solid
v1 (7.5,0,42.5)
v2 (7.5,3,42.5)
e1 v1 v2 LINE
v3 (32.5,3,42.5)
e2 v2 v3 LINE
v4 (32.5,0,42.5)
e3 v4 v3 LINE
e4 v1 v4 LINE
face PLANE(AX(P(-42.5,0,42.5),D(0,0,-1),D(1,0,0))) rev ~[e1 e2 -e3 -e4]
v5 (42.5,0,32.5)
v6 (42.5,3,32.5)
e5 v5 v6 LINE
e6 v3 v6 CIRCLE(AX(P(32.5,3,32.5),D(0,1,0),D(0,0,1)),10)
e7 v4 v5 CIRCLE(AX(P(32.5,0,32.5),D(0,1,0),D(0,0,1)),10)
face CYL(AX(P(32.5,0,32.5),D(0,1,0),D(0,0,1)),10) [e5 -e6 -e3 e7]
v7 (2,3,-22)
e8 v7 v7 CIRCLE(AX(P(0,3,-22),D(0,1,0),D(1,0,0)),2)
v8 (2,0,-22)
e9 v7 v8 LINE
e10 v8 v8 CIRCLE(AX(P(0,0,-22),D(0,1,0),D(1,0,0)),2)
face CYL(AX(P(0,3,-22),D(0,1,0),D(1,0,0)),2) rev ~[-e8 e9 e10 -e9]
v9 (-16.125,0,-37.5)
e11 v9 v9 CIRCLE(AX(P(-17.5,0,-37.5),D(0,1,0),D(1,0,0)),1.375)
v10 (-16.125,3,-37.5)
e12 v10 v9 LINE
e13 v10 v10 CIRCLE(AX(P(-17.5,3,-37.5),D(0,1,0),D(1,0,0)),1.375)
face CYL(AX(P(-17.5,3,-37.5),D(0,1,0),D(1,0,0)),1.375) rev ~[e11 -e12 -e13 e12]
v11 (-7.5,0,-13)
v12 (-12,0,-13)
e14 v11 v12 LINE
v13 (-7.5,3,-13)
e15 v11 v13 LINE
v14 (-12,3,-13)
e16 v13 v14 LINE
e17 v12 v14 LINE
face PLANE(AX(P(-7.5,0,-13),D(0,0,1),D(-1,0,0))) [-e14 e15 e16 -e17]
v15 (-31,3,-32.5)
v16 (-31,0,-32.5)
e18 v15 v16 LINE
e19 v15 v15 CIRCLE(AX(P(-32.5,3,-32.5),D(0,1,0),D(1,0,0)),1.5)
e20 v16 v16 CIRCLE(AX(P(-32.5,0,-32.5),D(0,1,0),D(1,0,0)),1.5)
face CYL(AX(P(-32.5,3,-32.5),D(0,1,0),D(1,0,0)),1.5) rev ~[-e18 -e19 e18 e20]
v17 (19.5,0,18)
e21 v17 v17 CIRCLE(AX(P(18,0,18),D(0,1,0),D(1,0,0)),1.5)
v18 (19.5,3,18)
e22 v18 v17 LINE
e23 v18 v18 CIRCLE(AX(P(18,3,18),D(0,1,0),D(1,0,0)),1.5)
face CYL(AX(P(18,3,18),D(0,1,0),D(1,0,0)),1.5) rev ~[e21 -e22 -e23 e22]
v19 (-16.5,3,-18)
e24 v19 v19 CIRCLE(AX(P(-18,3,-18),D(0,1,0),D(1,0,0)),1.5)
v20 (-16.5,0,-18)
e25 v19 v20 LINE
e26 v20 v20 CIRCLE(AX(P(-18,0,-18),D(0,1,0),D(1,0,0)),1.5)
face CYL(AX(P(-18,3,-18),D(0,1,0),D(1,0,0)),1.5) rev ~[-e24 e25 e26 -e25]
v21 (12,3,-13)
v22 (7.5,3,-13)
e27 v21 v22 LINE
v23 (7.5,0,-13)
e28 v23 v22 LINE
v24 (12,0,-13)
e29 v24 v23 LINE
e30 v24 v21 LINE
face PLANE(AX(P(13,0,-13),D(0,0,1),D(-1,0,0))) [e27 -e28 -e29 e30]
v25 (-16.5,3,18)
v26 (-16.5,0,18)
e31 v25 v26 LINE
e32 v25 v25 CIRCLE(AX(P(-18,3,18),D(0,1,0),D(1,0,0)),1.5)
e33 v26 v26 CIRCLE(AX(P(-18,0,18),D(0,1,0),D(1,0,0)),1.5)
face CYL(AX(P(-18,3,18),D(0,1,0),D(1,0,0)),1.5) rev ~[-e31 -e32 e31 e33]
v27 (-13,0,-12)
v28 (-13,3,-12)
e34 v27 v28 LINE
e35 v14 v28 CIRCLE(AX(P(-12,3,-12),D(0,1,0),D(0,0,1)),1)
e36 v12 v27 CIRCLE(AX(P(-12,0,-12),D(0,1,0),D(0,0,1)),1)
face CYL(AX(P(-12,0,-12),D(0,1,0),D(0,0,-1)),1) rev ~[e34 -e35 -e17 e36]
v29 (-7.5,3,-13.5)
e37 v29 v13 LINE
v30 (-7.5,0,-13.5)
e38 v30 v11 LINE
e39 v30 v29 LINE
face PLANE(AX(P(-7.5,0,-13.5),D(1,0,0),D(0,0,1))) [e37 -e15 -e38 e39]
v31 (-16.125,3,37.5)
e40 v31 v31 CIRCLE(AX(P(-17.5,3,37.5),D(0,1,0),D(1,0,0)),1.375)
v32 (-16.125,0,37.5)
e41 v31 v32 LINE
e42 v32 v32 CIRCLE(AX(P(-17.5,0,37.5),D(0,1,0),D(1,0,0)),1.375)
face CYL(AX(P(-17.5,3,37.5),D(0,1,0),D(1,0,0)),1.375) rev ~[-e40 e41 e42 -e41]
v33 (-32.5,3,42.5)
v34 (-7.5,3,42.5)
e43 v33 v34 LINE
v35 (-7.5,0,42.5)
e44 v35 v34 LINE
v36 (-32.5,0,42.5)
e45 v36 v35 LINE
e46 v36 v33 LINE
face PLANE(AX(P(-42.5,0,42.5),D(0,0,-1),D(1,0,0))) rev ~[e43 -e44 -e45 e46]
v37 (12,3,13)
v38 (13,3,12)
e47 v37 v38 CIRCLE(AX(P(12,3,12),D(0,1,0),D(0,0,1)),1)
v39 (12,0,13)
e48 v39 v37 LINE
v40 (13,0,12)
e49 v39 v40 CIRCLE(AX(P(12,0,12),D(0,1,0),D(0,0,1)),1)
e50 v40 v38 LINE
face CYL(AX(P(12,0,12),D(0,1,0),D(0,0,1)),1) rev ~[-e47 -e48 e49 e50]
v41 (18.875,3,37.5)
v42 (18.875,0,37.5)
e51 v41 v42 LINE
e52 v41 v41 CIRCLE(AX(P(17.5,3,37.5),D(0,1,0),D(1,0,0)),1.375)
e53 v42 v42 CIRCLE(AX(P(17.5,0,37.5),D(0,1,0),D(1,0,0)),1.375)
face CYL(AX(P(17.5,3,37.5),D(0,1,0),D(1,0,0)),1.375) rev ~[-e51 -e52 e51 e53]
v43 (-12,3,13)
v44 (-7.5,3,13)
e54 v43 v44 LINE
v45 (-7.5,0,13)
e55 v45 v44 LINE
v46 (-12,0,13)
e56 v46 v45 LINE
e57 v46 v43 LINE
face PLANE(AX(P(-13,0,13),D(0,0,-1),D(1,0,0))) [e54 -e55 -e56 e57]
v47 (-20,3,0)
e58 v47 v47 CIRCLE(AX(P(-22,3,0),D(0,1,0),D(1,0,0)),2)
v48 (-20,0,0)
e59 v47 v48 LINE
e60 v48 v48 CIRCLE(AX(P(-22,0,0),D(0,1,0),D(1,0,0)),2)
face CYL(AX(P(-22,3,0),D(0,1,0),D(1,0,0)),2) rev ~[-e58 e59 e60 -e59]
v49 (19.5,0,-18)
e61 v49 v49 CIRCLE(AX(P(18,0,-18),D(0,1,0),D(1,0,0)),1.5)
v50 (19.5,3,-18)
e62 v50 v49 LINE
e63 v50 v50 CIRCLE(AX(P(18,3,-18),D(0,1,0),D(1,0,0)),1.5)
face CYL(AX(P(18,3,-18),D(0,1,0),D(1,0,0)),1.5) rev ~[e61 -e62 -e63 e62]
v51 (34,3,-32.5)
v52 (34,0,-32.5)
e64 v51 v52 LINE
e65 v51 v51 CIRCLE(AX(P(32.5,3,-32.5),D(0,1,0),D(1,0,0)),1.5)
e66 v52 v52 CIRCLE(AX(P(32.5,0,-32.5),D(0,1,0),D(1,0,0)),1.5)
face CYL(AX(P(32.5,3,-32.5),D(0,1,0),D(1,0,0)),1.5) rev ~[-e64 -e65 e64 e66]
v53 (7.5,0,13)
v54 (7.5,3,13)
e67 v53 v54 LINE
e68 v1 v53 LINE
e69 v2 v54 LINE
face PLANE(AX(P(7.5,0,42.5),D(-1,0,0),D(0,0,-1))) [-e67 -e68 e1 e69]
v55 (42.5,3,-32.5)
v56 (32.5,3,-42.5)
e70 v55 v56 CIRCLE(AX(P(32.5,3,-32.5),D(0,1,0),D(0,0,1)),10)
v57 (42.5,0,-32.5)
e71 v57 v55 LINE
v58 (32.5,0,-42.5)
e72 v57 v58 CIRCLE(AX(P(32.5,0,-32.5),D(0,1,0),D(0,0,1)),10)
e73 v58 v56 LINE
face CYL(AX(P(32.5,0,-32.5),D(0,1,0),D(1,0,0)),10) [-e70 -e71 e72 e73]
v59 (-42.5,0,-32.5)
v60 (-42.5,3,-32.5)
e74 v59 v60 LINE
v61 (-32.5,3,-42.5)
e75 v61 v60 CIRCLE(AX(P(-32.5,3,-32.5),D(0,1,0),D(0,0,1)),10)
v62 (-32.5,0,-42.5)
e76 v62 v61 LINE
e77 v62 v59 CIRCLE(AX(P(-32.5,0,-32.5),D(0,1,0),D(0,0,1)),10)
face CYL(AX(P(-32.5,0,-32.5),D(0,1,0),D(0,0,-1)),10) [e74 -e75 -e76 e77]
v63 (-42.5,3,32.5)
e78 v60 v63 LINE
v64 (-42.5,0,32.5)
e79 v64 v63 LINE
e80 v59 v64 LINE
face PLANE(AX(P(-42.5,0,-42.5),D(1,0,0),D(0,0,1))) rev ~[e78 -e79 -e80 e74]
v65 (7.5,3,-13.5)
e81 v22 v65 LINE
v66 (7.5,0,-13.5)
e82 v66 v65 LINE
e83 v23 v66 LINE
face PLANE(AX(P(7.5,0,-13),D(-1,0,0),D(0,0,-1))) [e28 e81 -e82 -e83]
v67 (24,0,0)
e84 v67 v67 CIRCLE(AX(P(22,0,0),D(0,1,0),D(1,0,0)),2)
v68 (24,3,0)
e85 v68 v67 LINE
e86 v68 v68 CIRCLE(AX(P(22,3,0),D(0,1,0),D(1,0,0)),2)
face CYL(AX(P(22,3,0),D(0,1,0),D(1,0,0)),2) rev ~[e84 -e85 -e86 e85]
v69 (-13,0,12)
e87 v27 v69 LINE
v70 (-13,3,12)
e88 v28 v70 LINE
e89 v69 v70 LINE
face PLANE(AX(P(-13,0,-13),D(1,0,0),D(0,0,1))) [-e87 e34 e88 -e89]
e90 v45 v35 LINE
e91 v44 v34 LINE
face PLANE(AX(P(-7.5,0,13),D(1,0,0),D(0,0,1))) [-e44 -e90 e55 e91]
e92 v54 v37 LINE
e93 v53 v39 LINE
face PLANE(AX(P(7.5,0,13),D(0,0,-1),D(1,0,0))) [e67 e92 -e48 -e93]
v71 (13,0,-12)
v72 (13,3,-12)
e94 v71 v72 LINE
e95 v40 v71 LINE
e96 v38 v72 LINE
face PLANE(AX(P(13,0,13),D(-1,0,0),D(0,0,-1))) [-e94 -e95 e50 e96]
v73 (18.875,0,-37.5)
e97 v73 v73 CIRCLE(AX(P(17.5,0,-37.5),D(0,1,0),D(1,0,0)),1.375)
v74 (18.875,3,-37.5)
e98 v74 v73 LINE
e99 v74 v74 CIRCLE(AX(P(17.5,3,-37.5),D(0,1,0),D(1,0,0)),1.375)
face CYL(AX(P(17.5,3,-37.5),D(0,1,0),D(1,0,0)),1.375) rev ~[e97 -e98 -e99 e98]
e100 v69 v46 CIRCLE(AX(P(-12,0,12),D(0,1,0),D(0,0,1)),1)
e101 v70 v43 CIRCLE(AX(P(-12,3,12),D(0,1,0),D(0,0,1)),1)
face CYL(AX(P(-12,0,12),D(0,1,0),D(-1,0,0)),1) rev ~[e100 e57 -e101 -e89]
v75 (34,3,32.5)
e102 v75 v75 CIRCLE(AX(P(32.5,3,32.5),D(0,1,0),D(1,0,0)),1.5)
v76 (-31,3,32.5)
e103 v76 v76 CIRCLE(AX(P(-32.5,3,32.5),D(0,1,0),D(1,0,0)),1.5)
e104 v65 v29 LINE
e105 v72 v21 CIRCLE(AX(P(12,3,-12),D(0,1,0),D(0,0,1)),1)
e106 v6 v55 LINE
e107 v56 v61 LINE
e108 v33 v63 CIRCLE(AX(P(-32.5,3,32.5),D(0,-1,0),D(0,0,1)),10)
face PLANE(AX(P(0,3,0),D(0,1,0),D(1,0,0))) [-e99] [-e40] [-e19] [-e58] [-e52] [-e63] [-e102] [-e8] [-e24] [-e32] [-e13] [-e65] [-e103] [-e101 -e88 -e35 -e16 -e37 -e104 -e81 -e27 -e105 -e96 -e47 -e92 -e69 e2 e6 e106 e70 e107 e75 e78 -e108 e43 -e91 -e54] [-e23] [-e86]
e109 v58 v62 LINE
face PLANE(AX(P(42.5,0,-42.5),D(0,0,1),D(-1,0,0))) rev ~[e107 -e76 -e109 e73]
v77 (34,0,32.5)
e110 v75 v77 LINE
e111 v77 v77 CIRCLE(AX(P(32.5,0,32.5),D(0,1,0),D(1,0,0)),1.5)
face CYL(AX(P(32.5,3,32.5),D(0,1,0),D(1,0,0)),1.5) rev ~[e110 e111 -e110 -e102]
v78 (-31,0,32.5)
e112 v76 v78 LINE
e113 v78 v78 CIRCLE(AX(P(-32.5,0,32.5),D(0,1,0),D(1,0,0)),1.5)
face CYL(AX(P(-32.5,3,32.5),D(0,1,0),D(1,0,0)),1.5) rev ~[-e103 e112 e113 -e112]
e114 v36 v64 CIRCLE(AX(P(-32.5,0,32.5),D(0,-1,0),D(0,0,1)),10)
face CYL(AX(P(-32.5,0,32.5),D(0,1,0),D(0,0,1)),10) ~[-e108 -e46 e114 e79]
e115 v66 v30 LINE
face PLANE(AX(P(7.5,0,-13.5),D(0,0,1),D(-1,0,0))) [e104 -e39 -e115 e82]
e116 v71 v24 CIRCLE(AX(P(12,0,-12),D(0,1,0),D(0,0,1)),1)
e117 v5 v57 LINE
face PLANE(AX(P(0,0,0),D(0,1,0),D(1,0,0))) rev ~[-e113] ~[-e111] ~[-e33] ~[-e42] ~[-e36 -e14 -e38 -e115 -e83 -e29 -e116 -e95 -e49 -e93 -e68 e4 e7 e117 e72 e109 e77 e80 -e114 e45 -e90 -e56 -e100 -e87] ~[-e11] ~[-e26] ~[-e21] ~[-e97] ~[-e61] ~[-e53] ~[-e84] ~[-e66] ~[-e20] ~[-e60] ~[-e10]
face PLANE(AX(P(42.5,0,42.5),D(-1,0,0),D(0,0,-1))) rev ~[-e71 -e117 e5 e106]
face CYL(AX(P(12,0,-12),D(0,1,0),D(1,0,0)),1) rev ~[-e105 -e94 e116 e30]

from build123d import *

# Parameters (mm, degrees)
BOSS_EXTRUDE1_DEPTH = 3
FILLET1_R           = 10
CUT_EXTRUDE1_REACH  = 5
SKETCH2_R           = 1.5
SKETCH2_R_2         = 1.375
SKETCH2_R_3         = 2
CUT_EXTRUDE2_REACH  = 5
FILLET2_R           = 1


with BuildPart() as part:
    # Sketch1 → Boss-Extrude1 (new body)
    with BuildSketch(Plane(origin=(0, 0, 0), x_dir=(1, 0, 0), z_dir=(0, 1, 0))):
        Polygon((-42.5, -42.5), (42.5, -42.5), (42.5, -25), (42.5, 25), (42.5, 42.5), (-42.5, 42.5), align=None)
    extrude(amount=BOSS_EXTRUDE1_DEPTH)

    # Fillet1
    fillet1_edges = [part.edges().sort_by_distance(p)[0] for p in [
        (42.5, 1.5, 42.5),
        (-42.5, 1.5, 42.5),
        (-42.5, 1.5, -42.5),
        (42.5, 1.5, -42.5),
    ]]
    fillet(fillet1_edges, radius=FILLET1_R)

    # Sketch2 → Cut-Extrude1 (cut, up to next)
    with BuildSketch(Plane(origin=(0, 3, 0), x_dir=(1, 0, 0), z_dir=(0, 1, 0)), mode=Mode.PRIVATE) as cut_extrude1_sk1:
        with Locations((-32.5, 32.5)):
            Circle(SKETCH2_R)
    cut_extrude1_tool1 = extrude(cut_extrude1_sk1.sketch, amount=-CUT_EXTRUDE1_REACH, mode=Mode.PRIVATE) & part.part
    add(cut_extrude1_tool1.solids().sort_by_distance((-32.5, 3, -32.5))[0], mode=Mode.SUBTRACT)
    # Sketch2 → Cut-Extrude1 (cut, up to next)
    with BuildSketch(Plane(origin=(0, 3, 0), x_dir=(1, 0, 0), z_dir=(0, 1, 0)), mode=Mode.PRIVATE) as cut_extrude1_sk2:
        with Locations((32.5, 32.5)):
            Circle(SKETCH2_R)
    cut_extrude1_tool2 = extrude(cut_extrude1_sk2.sketch, amount=-CUT_EXTRUDE1_REACH, mode=Mode.PRIVATE) & part.part
    add(cut_extrude1_tool2.solids().sort_by_distance((32.5, 3, -32.5))[0], mode=Mode.SUBTRACT)
    # Sketch2 → Cut-Extrude1 (cut, up to next)
    with BuildSketch(Plane(origin=(0, 3, 0), x_dir=(1, 0, 0), z_dir=(0, 1, 0)), mode=Mode.PRIVATE) as cut_extrude1_sk3:
        with Locations((32.5, -32.5)):
            Circle(SKETCH2_R)
    cut_extrude1_tool3 = extrude(cut_extrude1_sk3.sketch, amount=-CUT_EXTRUDE1_REACH, mode=Mode.PRIVATE) & part.part
    add(cut_extrude1_tool3.solids().sort_by_distance((32.5, 3, 32.5))[0], mode=Mode.SUBTRACT)
    # Sketch2 → Cut-Extrude1 (cut, up to next)
    with BuildSketch(Plane(origin=(0, 3, 0), x_dir=(1, 0, 0), z_dir=(0, 1, 0)), mode=Mode.PRIVATE) as cut_extrude1_sk4:
        with Locations((-32.5, -32.5)):
            Circle(SKETCH2_R)
    cut_extrude1_tool4 = extrude(cut_extrude1_sk4.sketch, amount=-CUT_EXTRUDE1_REACH, mode=Mode.PRIVATE) & part.part
    add(cut_extrude1_tool4.solids().sort_by_distance((-32.5, 3, 32.5))[0], mode=Mode.SUBTRACT)
    # Sketch2 → Cut-Extrude1 (cut, up to next)
    with BuildSketch(Plane(origin=(0, 3, 0), x_dir=(1, 0, 0), z_dir=(0, 1, 0)), mode=Mode.PRIVATE) as cut_extrude1_sk5:
        with Locations((-17.5, -37.5)):
            Circle(SKETCH2_R_2)
    cut_extrude1_tool5 = extrude(cut_extrude1_sk5.sketch, amount=-CUT_EXTRUDE1_REACH, mode=Mode.PRIVATE) & part.part
    add(cut_extrude1_tool5.solids().sort_by_distance((-17.5, 3, 37.5))[0], mode=Mode.SUBTRACT)
    # Sketch2 → Cut-Extrude1 (cut, up to next)
    with BuildSketch(Plane(origin=(0, 3, 0), x_dir=(1, 0, 0), z_dir=(0, 1, 0)), mode=Mode.PRIVATE) as cut_extrude1_sk6:
        with Locations((17.5, -37.5)):
            Circle(SKETCH2_R_2)
    cut_extrude1_tool6 = extrude(cut_extrude1_sk6.sketch, amount=-CUT_EXTRUDE1_REACH, mode=Mode.PRIVATE) & part.part
    add(cut_extrude1_tool6.solids().sort_by_distance((17.5, 3, 37.5))[0], mode=Mode.SUBTRACT)
    # Sketch2 → Cut-Extrude1 (cut, up to next)
    with BuildSketch(Plane(origin=(0, 3, 0), x_dir=(1, 0, 0), z_dir=(0, 1, 0)), mode=Mode.PRIVATE) as cut_extrude1_sk7:
        with Locations((-18, 18)):
            Circle(SKETCH2_R)
    cut_extrude1_tool7 = extrude(cut_extrude1_sk7.sketch, amount=-CUT_EXTRUDE1_REACH, mode=Mode.PRIVATE) & part.part
    add(cut_extrude1_tool7.solids().sort_by_distance((-18, 3, -18))[0], mode=Mode.SUBTRACT)
    # Sketch2 → Cut-Extrude1 (cut, up to next)
    with BuildSketch(Plane(origin=(0, 3, 0), x_dir=(1, 0, 0), z_dir=(0, 1, 0)), mode=Mode.PRIVATE) as cut_extrude1_sk8:
        with Locations((-17.5, 37.5)):
            Circle(SKETCH2_R_2)
    cut_extrude1_tool8 = extrude(cut_extrude1_sk8.sketch, amount=-CUT_EXTRUDE1_REACH, mode=Mode.PRIVATE) & part.part
    add(cut_extrude1_tool8.solids().sort_by_distance((-17.5, 3, -37.5))[0], mode=Mode.SUBTRACT)
    # Sketch2 → Cut-Extrude1 (cut, up to next)
    with BuildSketch(Plane(origin=(0, 3, 0), x_dir=(1, 0, 0), z_dir=(0, 1, 0)), mode=Mode.PRIVATE) as cut_extrude1_sk9:
        with Locations((17.5, 37.5)):
            Circle(SKETCH2_R_2)
    cut_extrude1_tool9 = extrude(cut_extrude1_sk9.sketch, amount=-CUT_EXTRUDE1_REACH, mode=Mode.PRIVATE) & part.part
    add(cut_extrude1_tool9.solids().sort_by_distance((17.5, 3, -37.5))[0], mode=Mode.SUBTRACT)
    # Sketch2 → Cut-Extrude1 (cut, up to next)
    with BuildSketch(Plane(origin=(0, 3, 0), x_dir=(1, 0, 0), z_dir=(0, 1, 0)), mode=Mode.PRIVATE) as cut_extrude1_sk10:
        with Locations((18, 18)):
            Circle(SKETCH2_R)
    cut_extrude1_tool10 = extrude(cut_extrude1_sk10.sketch, amount=-CUT_EXTRUDE1_REACH, mode=Mode.PRIVATE) & part.part
    add(cut_extrude1_tool10.solids().sort_by_distance((18, 3, -18))[0], mode=Mode.SUBTRACT)
    # Sketch2 → Cut-Extrude1 (cut, up to next)
    with BuildSketch(Plane(origin=(0, 3, 0), x_dir=(1, 0, 0), z_dir=(0, 1, 0)), mode=Mode.PRIVATE) as cut_extrude1_sk11:
        with Locations((18, -18)):
            Circle(SKETCH2_R)
    cut_extrude1_tool11 = extrude(cut_extrude1_sk11.sketch, amount=-CUT_EXTRUDE1_REACH, mode=Mode.PRIVATE) & part.part
    add(cut_extrude1_tool11.solids().sort_by_distance((18, 3, 18))[0], mode=Mode.SUBTRACT)
    # Sketch2 → Cut-Extrude1 (cut, up to next)
    with BuildSketch(Plane(origin=(0, 3, 0), x_dir=(1, 0, 0), z_dir=(0, 1, 0)), mode=Mode.PRIVATE) as cut_extrude1_sk12:
        with Locations((-18, -18)):
            Circle(SKETCH2_R)
    cut_extrude1_tool12 = extrude(cut_extrude1_sk12.sketch, amount=-CUT_EXTRUDE1_REACH, mode=Mode.PRIVATE) & part.part
    add(cut_extrude1_tool12.solids().sort_by_distance((-18, 3, 18))[0], mode=Mode.SUBTRACT)
    # Sketch2 → Cut-Extrude1 (cut, up to next)
    with BuildSketch(Plane(origin=(0, 3, 0), x_dir=(1, 0, 0), z_dir=(0, 1, 0)), mode=Mode.PRIVATE) as cut_extrude1_sk13:
        with Locations((-22, 0)):
            Circle(SKETCH2_R_3)
    cut_extrude1_tool13 = extrude(cut_extrude1_sk13.sketch, amount=-CUT_EXTRUDE1_REACH, mode=Mode.PRIVATE) & part.part
    add(cut_extrude1_tool13.solids().sort_by_distance((-22, 3, 0))[0], mode=Mode.SUBTRACT)
    # Sketch2 → Cut-Extrude1 (cut, up to next)
    with BuildSketch(Plane(origin=(0, 3, 0), x_dir=(1, 0, 0), z_dir=(0, 1, 0)), mode=Mode.PRIVATE) as cut_extrude1_sk14:
        with Locations((0, 22)):
            Circle(SKETCH2_R_3)
    cut_extrude1_tool14 = extrude(cut_extrude1_sk14.sketch, amount=-CUT_EXTRUDE1_REACH, mode=Mode.PRIVATE) & part.part
    add(cut_extrude1_tool14.solids().sort_by_distance((0, 3, -22))[0], mode=Mode.SUBTRACT)
    # Sketch2 → Cut-Extrude1 (cut, up to next)
    with BuildSketch(Plane(origin=(0, 3, 0), x_dir=(1, 0, 0), z_dir=(0, 1, 0)), mode=Mode.PRIVATE) as cut_extrude1_sk15:
        with Locations((22, 0)):
            Circle(SKETCH2_R_3)
    cut_extrude1_tool15 = extrude(cut_extrude1_sk15.sketch, amount=-CUT_EXTRUDE1_REACH, mode=Mode.PRIVATE) & part.part
    add(cut_extrude1_tool15.solids().sort_by_distance((22, 3, 0))[0], mode=Mode.SUBTRACT)
    # Sketch2 → Cut-Extrude1 (cut, up to next)
    with BuildSketch(Plane(origin=(0, 3, 0), x_dir=(1, 0, 0), z_dir=(0, 1, 0)), mode=Mode.PRIVATE) as cut_extrude1_sk16:
        with Locations((0, -22)):
            Circle(SKETCH2_R_3)
    cut_extrude1_tool16 = extrude(cut_extrude1_sk16.sketch, amount=-CUT_EXTRUDE1_REACH, mode=Mode.PRIVATE) & part.part
    add(cut_extrude1_tool16.solids().sort_by_distance((0, 3, 22))[0], mode=Mode.SUBTRACT)

    # Sketch3 → Cut-Extrude2 (cut, up to next)
    with BuildSketch(Plane.XZ, mode=Mode.PRIVATE) as cut_extrude2_sk1:
        Polygon((7.5, -13.5), (-7.5, -13.5), (-7.5, -13), (-13, -13), (-13, 13), (-7.5, 13), (-7.5, 42.5), (7.5, 42.5), (7.5, 13), (13, 13), (13, -13), (7.5, -13), align=None)
    cut_extrude2_tool1 = extrude(cut_extrude2_sk1.sketch, amount=-CUT_EXTRUDE2_REACH, mode=Mode.PRIVATE) & part.part
    add(cut_extrude2_tool1.solids().sort_by_distance((0, 0, 10.817052))[0], mode=Mode.SUBTRACT)

    # Fillet2
    fillet2_edges = [part.edges().sort_by_distance(p)[0] for p in [
        (13, 1.5, 13),
        (13, 1.5, -13),
        (-13, 1.5, -13),
        (-13, 1.5, 13),
    ]]
    fillet(fillet2_edges, radius=FILLET2_R)


solid = part.part
